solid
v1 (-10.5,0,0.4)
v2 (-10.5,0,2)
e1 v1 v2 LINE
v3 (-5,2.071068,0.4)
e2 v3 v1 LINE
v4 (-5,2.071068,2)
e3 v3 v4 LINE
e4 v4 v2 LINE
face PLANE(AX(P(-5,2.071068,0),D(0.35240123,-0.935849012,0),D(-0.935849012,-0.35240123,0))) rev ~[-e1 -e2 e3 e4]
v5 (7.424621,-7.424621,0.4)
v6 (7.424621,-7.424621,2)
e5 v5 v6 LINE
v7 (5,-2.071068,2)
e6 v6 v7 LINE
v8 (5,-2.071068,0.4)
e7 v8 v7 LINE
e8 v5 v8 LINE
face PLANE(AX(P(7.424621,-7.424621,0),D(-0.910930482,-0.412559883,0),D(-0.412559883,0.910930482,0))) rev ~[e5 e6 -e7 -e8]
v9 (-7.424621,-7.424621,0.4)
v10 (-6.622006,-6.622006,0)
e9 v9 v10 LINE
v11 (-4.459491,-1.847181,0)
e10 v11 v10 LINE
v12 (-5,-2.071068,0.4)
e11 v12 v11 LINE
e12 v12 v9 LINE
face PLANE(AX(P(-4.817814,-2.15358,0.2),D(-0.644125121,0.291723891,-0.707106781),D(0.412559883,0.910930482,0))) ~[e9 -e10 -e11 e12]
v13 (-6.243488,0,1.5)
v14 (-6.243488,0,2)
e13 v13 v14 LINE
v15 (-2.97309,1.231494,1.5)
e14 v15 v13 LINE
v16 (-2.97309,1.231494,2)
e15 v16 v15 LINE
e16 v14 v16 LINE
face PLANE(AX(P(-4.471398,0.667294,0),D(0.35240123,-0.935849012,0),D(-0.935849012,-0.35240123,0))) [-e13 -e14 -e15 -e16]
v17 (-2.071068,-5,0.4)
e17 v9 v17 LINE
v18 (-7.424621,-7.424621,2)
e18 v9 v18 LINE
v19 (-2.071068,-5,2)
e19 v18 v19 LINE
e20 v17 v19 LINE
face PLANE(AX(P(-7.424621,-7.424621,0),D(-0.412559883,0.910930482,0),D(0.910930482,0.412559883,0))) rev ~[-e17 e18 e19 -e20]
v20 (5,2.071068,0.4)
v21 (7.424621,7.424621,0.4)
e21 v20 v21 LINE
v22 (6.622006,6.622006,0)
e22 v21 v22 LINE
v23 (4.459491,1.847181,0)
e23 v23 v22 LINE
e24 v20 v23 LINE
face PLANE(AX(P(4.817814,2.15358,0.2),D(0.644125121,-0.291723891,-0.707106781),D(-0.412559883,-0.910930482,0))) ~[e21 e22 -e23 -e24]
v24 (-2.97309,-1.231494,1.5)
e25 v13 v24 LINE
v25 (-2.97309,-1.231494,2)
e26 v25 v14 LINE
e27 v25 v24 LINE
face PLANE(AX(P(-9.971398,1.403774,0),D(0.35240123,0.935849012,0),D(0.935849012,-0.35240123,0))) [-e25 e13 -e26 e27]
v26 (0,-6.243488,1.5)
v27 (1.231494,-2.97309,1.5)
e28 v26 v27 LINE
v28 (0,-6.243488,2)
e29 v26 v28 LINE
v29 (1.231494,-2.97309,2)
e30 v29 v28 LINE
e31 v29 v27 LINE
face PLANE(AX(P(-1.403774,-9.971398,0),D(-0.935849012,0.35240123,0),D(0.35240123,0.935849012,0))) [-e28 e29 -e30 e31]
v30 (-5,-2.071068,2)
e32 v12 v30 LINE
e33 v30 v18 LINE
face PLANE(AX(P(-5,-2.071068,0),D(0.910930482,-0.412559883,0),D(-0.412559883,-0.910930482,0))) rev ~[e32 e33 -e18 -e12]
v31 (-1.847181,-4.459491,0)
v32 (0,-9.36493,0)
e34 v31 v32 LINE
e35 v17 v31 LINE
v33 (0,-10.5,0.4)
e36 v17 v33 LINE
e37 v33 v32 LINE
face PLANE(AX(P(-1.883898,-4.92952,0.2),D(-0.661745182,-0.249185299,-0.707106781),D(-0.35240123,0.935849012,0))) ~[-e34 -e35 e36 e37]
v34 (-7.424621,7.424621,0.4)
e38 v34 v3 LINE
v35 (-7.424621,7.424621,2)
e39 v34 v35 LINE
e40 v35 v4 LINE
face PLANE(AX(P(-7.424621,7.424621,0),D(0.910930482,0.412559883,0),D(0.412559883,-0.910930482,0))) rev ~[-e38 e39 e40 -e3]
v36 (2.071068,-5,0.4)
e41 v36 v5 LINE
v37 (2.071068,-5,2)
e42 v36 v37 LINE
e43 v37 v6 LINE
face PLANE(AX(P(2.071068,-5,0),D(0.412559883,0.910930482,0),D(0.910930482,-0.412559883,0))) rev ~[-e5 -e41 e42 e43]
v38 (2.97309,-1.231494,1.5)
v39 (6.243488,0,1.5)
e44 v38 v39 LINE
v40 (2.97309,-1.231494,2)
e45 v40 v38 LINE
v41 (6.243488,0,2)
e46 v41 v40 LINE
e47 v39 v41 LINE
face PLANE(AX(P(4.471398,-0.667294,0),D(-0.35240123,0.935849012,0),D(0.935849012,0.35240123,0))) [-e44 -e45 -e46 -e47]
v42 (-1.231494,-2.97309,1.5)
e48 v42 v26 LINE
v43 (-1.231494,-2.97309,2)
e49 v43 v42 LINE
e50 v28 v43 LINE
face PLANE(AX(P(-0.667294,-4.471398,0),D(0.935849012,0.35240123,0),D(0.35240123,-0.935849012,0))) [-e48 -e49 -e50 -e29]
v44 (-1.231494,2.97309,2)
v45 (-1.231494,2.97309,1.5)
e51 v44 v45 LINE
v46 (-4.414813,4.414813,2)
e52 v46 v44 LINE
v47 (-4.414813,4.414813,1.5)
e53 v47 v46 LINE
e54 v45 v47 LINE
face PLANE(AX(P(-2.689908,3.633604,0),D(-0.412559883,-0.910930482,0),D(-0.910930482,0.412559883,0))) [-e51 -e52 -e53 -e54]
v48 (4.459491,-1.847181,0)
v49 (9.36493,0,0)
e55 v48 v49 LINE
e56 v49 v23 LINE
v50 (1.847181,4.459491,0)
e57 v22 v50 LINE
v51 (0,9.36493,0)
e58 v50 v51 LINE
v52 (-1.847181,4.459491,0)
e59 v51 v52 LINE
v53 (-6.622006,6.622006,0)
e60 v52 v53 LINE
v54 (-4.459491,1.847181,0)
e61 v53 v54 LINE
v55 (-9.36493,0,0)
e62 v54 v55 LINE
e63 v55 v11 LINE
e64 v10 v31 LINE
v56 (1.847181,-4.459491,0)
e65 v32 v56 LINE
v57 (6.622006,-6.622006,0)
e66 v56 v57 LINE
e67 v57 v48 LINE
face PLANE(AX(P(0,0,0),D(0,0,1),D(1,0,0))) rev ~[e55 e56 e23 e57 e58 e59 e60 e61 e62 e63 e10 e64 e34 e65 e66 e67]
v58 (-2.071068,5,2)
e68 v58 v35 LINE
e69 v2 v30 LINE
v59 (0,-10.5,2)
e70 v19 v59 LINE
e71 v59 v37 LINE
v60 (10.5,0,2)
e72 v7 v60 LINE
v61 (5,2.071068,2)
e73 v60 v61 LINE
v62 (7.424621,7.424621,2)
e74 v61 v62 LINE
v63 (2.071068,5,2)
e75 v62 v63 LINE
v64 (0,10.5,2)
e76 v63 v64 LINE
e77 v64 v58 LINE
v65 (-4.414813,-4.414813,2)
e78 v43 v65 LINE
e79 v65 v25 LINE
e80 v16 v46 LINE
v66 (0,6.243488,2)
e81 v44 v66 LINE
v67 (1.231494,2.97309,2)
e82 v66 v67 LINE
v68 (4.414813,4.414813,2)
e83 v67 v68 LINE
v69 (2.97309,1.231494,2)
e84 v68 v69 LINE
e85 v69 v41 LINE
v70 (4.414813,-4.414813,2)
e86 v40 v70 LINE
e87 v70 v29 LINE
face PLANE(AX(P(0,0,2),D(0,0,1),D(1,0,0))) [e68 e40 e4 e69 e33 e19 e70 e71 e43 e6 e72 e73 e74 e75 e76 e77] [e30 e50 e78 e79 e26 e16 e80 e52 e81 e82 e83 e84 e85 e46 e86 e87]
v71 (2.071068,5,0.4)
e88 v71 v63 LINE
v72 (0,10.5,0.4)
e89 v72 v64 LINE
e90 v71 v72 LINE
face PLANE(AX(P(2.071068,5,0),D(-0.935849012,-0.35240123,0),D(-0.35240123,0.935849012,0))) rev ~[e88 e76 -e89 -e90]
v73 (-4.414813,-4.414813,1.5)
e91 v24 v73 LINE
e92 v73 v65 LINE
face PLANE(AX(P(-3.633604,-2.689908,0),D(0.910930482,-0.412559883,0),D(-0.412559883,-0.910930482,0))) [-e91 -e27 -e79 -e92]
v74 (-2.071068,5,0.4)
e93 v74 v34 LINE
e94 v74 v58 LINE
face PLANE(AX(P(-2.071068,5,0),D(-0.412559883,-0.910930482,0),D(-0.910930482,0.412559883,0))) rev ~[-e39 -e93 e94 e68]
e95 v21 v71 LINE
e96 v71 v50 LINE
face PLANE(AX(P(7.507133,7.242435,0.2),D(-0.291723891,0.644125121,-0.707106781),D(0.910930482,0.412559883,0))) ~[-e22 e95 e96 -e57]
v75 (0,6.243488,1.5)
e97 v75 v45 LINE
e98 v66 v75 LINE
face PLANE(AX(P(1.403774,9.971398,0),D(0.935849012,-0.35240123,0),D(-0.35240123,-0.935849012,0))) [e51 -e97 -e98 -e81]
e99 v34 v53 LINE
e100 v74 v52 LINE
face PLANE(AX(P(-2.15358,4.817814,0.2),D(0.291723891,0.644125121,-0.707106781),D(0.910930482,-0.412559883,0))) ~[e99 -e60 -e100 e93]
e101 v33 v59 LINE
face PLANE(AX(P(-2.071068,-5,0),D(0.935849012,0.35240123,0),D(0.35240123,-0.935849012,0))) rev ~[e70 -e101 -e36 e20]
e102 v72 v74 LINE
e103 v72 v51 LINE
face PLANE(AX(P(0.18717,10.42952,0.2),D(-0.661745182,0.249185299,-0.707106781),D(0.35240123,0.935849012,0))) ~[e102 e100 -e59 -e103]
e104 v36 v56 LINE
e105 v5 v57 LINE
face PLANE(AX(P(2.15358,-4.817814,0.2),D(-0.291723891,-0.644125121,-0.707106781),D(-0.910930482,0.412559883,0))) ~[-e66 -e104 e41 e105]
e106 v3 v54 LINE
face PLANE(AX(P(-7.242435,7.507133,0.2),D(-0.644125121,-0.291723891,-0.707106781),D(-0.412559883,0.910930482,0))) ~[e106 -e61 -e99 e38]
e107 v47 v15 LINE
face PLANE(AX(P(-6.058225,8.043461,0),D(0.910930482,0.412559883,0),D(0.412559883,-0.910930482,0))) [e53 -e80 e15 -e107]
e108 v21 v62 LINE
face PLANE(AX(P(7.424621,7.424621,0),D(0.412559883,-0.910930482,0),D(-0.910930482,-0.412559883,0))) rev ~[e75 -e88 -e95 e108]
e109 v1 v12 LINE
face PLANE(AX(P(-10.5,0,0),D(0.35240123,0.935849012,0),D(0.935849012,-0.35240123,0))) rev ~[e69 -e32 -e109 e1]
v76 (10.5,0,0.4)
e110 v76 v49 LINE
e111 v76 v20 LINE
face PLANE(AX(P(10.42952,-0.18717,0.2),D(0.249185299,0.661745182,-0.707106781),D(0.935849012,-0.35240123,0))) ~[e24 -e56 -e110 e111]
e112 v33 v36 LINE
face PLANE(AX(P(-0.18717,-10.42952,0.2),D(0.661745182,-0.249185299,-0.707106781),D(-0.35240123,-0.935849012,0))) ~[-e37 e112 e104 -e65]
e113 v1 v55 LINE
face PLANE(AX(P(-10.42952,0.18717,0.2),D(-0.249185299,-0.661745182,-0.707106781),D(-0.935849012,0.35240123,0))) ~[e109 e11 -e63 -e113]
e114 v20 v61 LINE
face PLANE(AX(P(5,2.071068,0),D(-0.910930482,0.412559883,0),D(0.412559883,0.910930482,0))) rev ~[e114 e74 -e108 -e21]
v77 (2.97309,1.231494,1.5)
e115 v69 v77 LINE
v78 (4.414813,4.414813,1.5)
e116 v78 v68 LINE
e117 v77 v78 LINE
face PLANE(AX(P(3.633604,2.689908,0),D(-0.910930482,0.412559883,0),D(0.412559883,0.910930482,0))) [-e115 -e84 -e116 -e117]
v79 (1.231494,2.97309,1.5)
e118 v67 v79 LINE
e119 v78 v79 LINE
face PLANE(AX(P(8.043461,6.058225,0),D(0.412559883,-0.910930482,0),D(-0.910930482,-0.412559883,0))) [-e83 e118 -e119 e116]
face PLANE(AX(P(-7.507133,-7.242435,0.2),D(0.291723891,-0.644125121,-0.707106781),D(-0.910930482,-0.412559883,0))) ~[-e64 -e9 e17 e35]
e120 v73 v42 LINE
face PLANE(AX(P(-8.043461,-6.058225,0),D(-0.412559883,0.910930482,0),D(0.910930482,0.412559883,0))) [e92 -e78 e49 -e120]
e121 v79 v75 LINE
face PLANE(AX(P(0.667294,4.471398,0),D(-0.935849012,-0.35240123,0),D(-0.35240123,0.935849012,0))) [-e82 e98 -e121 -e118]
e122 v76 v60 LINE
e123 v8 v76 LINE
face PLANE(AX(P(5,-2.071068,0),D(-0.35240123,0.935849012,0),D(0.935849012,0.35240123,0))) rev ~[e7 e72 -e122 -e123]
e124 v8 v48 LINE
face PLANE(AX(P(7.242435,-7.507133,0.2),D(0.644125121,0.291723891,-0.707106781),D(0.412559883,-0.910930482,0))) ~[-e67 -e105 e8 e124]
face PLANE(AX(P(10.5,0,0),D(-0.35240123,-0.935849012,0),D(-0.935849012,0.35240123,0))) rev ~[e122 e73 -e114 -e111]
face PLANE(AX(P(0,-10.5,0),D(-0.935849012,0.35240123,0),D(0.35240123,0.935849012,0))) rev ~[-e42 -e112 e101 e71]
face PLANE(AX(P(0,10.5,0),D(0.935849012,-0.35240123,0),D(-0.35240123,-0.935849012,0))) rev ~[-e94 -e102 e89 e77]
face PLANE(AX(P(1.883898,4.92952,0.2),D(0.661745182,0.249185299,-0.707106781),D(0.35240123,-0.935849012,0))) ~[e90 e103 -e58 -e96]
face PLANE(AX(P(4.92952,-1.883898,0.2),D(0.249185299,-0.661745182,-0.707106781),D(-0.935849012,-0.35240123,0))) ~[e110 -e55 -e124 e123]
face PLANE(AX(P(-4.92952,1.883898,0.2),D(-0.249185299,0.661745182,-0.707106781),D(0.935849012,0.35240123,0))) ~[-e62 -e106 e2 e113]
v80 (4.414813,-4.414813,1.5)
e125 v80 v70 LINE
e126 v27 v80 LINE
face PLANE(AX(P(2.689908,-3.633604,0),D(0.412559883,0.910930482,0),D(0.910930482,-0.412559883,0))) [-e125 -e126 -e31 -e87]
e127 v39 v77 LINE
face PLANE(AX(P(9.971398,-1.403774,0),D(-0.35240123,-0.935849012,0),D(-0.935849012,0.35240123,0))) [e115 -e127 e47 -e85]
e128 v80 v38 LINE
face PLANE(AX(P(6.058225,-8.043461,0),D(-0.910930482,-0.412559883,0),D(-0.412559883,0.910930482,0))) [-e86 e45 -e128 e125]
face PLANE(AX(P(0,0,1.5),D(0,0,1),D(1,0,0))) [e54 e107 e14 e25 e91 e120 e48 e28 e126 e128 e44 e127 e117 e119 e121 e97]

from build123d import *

# Parameters (mm, degrees)
F1_DEPTH = 2
F2_T     = -1.5
F3_SIZE  = 0.4


with BuildPart() as f1:
    # F0 (on Top) → F1 (new body)
    with BuildSketch(Plane.XY):
        Polygon((0, 10.5), (-2.0710678119, 5), (-7.4246212025, 7.4246212025), (-5, 2.0710678119), (-10.5, 0), (-5, -2.0710678119), (-7.4246212025, -7.4246212025), (-2.0710678119, -5), (0, -10.5), (2.0710678119, -5), (7.4246212025, -7.4246212025), (5, -2.0710678119), (10.5, 0), (5, 2.0710678119), (7.4246212025, 7.4246212025), (2.0710678119, 5), align=None)
    extrude(amount=F1_DEPTH)

    # F2
    f2_openings = [f1.faces().sort_by_distance(p)[0] for p in [
        (0, 0, 2),
    ]]
    offset(amount=F2_T, openings=f2_openings, kind=Kind.INTERSECTION)

    # F3
    f3_edges = [f1.edges().sort_by_distance(p)[0] for p in [
        (6.212311, -4.747845, 0),
        (7.75, -1.035534, 0),
        (7.75, 1.035534, 0),
        (6.212311, 4.747845, 0),
        (4.747845, 6.212311, 0),
        (1.035534, 7.75, 0),
        (-1.035534, 7.75, 0),
        (-4.747845, 6.212311, 0),
        (-6.212311, 4.747845, 0),
        (-7.75, 1.035534, 0),
        (-7.75, -1.035534, 0),
        (-6.212311, -4.747845, 0),
        (-4.747845, -6.212311, 0),
        (-1.035534, -7.75, 0),
        (1.035534, -7.75, 0),
        (4.747845, -6.212311, 0),
    ]]
    chamfer(f3_edges, length=F3_SIZE)


solid = f1.part
